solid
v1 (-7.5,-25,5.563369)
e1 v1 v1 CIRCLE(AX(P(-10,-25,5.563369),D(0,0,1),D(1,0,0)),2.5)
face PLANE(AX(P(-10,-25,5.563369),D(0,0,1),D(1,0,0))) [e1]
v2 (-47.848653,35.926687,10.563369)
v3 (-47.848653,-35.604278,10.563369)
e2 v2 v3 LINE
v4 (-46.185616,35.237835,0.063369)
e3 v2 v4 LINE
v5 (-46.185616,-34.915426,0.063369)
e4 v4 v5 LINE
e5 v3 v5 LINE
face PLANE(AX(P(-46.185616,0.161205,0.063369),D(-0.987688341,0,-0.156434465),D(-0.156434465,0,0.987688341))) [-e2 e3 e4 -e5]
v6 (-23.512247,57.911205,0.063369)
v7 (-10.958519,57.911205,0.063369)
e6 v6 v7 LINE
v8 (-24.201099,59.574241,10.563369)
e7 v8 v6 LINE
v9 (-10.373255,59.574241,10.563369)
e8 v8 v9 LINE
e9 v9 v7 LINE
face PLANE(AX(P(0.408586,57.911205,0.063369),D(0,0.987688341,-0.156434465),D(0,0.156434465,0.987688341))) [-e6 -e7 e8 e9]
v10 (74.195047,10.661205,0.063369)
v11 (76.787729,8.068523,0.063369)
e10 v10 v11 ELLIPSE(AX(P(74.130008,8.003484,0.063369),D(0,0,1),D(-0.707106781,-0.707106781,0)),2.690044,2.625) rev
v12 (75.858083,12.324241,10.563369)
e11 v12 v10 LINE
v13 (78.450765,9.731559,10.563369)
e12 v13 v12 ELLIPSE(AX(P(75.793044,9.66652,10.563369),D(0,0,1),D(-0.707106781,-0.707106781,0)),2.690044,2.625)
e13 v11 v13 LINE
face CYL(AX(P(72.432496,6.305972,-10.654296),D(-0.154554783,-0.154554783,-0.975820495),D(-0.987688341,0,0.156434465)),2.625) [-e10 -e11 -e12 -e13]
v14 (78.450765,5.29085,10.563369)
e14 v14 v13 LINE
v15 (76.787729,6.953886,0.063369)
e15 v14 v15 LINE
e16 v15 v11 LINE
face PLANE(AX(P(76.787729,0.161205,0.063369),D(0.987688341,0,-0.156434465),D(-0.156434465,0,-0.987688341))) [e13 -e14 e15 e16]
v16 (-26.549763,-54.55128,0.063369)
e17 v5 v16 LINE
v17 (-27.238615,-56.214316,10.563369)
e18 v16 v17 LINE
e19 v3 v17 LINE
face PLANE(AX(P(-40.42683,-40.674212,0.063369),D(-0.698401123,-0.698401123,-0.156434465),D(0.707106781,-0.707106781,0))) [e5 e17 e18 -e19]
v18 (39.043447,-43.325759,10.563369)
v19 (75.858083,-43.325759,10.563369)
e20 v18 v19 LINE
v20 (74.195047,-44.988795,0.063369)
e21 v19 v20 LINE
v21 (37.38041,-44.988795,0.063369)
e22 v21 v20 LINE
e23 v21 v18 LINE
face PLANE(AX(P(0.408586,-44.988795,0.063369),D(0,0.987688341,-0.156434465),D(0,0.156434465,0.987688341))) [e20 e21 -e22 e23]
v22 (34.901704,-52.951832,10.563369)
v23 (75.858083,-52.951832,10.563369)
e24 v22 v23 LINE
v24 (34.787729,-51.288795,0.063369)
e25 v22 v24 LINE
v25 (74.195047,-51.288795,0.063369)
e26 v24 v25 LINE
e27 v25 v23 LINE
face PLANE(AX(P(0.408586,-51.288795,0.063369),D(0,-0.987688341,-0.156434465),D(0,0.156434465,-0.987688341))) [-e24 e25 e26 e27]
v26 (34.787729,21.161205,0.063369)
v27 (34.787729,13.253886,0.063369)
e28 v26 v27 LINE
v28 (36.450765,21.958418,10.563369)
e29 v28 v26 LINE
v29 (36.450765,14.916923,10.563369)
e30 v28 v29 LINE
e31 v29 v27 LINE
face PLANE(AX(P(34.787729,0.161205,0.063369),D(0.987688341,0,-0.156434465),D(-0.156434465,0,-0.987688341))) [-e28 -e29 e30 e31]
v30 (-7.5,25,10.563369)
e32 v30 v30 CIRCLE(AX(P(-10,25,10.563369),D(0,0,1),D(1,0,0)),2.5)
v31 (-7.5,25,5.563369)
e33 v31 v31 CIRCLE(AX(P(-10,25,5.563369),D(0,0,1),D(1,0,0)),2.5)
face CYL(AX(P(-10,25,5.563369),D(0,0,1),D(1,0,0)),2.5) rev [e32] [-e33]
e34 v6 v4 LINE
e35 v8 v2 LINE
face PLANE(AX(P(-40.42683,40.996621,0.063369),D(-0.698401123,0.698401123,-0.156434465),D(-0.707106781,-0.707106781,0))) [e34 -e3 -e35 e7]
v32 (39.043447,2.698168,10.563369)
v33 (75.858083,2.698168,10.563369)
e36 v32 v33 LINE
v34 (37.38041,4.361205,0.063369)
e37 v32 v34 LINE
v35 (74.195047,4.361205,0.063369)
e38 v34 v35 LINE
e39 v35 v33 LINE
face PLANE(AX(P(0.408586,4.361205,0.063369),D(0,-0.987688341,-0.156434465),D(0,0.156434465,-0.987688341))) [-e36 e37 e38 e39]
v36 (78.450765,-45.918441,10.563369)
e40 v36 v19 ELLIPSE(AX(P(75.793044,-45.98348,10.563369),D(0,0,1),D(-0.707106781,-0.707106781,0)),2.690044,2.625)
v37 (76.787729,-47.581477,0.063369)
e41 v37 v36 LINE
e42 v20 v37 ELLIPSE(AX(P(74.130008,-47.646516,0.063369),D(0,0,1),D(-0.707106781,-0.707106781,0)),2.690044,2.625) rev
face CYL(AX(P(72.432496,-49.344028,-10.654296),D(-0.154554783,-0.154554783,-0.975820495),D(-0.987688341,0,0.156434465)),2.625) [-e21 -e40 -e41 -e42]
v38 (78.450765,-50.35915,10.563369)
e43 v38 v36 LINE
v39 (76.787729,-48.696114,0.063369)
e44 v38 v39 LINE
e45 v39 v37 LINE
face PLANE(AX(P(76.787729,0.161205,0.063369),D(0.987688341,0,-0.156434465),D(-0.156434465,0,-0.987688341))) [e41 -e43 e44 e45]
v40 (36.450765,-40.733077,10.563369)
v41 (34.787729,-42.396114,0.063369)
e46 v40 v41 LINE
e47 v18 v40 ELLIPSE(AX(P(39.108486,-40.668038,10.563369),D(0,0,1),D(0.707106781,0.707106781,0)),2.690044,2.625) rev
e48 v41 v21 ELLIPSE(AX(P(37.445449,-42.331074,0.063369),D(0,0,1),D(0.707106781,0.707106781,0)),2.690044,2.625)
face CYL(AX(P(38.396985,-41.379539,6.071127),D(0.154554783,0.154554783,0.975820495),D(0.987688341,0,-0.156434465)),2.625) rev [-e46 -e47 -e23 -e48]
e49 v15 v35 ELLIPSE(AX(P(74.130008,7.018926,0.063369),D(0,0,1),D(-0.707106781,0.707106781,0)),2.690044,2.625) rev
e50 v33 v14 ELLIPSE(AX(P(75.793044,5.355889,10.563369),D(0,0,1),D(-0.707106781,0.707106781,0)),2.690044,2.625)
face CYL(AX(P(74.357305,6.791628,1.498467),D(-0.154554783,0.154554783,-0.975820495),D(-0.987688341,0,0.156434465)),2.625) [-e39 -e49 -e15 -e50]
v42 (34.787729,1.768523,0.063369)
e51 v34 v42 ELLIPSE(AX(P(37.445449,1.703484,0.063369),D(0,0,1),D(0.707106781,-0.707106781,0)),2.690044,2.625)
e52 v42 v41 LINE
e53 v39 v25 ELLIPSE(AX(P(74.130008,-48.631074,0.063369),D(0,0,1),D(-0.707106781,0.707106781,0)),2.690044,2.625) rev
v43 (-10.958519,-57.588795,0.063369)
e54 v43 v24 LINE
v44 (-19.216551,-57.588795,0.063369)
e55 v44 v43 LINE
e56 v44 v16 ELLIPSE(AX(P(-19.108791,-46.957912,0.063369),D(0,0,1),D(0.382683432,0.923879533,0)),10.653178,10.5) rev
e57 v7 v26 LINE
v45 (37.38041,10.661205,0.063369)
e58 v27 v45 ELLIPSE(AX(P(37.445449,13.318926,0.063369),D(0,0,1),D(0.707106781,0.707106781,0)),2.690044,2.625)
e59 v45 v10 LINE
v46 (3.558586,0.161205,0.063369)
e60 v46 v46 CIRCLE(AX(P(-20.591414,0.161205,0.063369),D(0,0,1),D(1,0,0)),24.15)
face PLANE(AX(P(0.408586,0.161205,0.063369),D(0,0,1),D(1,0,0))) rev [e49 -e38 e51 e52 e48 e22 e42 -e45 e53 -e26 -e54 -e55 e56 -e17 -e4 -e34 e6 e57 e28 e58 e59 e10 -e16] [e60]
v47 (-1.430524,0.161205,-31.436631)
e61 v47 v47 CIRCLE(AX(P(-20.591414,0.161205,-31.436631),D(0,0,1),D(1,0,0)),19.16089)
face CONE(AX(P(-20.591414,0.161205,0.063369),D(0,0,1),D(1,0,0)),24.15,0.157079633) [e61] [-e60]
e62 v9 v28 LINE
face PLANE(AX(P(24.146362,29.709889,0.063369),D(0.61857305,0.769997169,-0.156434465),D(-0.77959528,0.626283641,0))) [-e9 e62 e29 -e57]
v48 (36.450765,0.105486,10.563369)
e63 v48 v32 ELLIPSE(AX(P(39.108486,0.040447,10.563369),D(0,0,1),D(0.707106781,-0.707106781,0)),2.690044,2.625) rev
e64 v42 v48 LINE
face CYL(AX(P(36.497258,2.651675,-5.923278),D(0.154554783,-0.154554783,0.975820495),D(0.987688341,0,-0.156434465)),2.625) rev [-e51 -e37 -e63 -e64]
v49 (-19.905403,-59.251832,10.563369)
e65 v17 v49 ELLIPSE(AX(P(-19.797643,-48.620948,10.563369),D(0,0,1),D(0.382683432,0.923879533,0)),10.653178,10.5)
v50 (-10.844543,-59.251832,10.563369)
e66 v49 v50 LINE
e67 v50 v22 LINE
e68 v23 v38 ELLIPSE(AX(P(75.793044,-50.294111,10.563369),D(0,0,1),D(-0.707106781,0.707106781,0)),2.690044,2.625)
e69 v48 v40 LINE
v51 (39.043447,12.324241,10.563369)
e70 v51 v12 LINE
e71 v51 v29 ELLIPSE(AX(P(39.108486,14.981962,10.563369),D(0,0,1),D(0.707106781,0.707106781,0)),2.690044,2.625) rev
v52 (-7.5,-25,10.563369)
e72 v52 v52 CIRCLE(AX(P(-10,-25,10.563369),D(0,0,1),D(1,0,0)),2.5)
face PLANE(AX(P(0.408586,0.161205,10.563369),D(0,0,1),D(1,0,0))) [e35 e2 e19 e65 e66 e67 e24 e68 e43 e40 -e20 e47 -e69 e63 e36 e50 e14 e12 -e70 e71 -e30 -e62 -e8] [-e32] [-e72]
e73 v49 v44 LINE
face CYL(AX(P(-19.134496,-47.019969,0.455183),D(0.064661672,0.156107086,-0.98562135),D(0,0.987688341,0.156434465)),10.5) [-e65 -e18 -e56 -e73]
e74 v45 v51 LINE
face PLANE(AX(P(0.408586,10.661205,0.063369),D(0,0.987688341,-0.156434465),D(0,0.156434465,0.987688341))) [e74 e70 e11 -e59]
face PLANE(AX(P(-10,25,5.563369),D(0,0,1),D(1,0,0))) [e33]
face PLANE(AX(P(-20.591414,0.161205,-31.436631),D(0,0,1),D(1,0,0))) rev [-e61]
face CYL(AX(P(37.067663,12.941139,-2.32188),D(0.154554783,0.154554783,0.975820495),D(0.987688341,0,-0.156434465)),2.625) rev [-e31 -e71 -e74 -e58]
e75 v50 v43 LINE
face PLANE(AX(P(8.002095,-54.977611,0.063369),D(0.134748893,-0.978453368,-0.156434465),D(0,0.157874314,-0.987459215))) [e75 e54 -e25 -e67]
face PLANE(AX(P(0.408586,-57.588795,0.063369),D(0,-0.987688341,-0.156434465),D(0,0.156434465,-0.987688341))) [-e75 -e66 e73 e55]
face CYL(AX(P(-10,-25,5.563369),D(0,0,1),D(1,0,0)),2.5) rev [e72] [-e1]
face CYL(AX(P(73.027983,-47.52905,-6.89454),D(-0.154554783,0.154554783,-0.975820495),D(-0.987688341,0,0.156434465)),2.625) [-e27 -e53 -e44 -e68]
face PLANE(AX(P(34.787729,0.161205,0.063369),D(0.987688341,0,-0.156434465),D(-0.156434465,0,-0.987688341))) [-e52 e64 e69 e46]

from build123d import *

# Parameters (mm, degrees)
RESSALTO_EXTRUS_O1_DEPTH = 10
RESSALTO_EXTRUS_O1_DRAFT = -9
ESBO_O2_R                = 23
RESSALTO_EXTRUS_O2_DEPTH = 30
RESSALTO_EXTRUS_O2_DRAFT = -9
FILETE1_R                = 10
FILETE2_R                = 2.5
ESCALA1_SCALE            = 1.05
ESBO_O3_R                = 2.5
CORTE_EXTRUS_O1_DEPTH    = 5


with BuildPart() as part:
    # Esboço1 → Ressalto-extrusão1 (with draft: the straight prism first)
    with BuildSketch(Plane.XY):
        Polygon((-22.781745931, 55), (-44.375431078, 33.406314852), (-44.375431078, -33.406314852), (-22.781745931, -55), (-10.825814677, -55), (32.742040246, -49), (72.742040246, -49), (72.742040246, -43), (32.742040246, -43), (32.742040246, 4), (72.742040246, 4), (72.742040246, 10), (32.742040246, 10), (32.742040246, 20), (-10.825814677, 55), align=None)
    extrude(amount=RESSALTO_EXTRUS_O1_DEPTH)
    # Ressalto-extrusão1: the draft: its side faces are tilted about the plane it starts from
    ressalto_extrus_o1_sides = [part.faces().sort_by_distance(p)[0] for p in [
        (-33.578588504, 44.203157426, 5),
        (-44.375431078, 0, 5),
        (-33.578588504, -44.203157426, 5),
        (-16.803780304, -55, 5),
        (10.958112785, -52, 5),
        (52.742040246, -49, 5),
        (72.742040246, -46, 5),
        (52.742040246, -43, 5),
        (32.742040246, -19.5, 5),
        (52.742040246, 4, 5),
        (72.742040246, 7, 5),
        (52.742040246, 10, 5),
        (32.742040246, 15, 5),
        (10.958112785, 37.5, 5),
        (-16.803780304, 55, 5),
    ]]
    draft(ressalto_extrus_o1_sides, Plane.XY, RESSALTO_EXTRUS_O1_DRAFT)


with BuildPart() as ressalto_extrus_o2_tool:
    # Esboço2 → Ressalto-extrusão2 (with draft: the straight prism first)
    with BuildSketch(Plane.XY):
        with Locations((-20, 0)):
            Circle(ESBO_O2_R)
    extrude(amount=-RESSALTO_EXTRUS_O2_DEPTH)
    # Ressalto-extrusão2: the draft: its side faces are tilted about the plane it starts from
    ressalto_extrus_o2_sides = [ressalto_extrus_o2_tool.faces().sort_by_distance(p)[0] for p in [
        (-43, 0, -15),
    ]]
    draft(ressalto_extrus_o2_sides, Plane.XY, RESSALTO_EXTRUS_O2_DRAFT)


with BuildPart() as part_1:
    add(part.part)

    # Ressalto-extrusão2: add ressalto_extrus_o2_tool
    add(ressalto_extrus_o2_tool.part)

    # Filete1
    filete1_edges = [part_1.edges().sort_by_distance(p)[0] for p in [
        (-23.109770847, -55.791922202, 5),
    ]]
    fillet(filete1_edges, radius=FILETE1_R)

    # Filete2
    filete2_edges = [part_1.edges().sort_by_distance(p)[0] for p in [
        (33.533962448, 10.791922202, 5),
        (73.533962448, 10.791922202, 5),
        (73.533962448, 3.208077798, 5),
        (33.533962448, 3.208077798, 5),
        (33.533962448, -42.208077798, 5),
        (73.533962448, -42.208077798, 5),
        (73.533962448, -49.791922202, 5),
    ]]
    fillet(filete2_edges, radius=FILETE2_R)


with BuildPart() as part_2:
    # Escala1: scaled about (-8.171649515, -3.224100795, -1.267383115)
    add(part_1.part.scale(ESCALA1_SCALE).moved(Location((0.408582476, 0.16120504, 0.063369156))))

    # Esboço3 → Corte-extrusão1 (cut)
    with BuildSketch(Plane.XY.offset(10.563369297)):
        with Locations((-10, 25)):
            Circle(ESBO_O3_R)
        with Locations((-10, -25)):
            Circle(ESBO_O3_R)
    extrude(amount=-CORTE_EXTRUS_O1_DEPTH, mode=Mode.SUBTRACT)


solid = part_2.part
